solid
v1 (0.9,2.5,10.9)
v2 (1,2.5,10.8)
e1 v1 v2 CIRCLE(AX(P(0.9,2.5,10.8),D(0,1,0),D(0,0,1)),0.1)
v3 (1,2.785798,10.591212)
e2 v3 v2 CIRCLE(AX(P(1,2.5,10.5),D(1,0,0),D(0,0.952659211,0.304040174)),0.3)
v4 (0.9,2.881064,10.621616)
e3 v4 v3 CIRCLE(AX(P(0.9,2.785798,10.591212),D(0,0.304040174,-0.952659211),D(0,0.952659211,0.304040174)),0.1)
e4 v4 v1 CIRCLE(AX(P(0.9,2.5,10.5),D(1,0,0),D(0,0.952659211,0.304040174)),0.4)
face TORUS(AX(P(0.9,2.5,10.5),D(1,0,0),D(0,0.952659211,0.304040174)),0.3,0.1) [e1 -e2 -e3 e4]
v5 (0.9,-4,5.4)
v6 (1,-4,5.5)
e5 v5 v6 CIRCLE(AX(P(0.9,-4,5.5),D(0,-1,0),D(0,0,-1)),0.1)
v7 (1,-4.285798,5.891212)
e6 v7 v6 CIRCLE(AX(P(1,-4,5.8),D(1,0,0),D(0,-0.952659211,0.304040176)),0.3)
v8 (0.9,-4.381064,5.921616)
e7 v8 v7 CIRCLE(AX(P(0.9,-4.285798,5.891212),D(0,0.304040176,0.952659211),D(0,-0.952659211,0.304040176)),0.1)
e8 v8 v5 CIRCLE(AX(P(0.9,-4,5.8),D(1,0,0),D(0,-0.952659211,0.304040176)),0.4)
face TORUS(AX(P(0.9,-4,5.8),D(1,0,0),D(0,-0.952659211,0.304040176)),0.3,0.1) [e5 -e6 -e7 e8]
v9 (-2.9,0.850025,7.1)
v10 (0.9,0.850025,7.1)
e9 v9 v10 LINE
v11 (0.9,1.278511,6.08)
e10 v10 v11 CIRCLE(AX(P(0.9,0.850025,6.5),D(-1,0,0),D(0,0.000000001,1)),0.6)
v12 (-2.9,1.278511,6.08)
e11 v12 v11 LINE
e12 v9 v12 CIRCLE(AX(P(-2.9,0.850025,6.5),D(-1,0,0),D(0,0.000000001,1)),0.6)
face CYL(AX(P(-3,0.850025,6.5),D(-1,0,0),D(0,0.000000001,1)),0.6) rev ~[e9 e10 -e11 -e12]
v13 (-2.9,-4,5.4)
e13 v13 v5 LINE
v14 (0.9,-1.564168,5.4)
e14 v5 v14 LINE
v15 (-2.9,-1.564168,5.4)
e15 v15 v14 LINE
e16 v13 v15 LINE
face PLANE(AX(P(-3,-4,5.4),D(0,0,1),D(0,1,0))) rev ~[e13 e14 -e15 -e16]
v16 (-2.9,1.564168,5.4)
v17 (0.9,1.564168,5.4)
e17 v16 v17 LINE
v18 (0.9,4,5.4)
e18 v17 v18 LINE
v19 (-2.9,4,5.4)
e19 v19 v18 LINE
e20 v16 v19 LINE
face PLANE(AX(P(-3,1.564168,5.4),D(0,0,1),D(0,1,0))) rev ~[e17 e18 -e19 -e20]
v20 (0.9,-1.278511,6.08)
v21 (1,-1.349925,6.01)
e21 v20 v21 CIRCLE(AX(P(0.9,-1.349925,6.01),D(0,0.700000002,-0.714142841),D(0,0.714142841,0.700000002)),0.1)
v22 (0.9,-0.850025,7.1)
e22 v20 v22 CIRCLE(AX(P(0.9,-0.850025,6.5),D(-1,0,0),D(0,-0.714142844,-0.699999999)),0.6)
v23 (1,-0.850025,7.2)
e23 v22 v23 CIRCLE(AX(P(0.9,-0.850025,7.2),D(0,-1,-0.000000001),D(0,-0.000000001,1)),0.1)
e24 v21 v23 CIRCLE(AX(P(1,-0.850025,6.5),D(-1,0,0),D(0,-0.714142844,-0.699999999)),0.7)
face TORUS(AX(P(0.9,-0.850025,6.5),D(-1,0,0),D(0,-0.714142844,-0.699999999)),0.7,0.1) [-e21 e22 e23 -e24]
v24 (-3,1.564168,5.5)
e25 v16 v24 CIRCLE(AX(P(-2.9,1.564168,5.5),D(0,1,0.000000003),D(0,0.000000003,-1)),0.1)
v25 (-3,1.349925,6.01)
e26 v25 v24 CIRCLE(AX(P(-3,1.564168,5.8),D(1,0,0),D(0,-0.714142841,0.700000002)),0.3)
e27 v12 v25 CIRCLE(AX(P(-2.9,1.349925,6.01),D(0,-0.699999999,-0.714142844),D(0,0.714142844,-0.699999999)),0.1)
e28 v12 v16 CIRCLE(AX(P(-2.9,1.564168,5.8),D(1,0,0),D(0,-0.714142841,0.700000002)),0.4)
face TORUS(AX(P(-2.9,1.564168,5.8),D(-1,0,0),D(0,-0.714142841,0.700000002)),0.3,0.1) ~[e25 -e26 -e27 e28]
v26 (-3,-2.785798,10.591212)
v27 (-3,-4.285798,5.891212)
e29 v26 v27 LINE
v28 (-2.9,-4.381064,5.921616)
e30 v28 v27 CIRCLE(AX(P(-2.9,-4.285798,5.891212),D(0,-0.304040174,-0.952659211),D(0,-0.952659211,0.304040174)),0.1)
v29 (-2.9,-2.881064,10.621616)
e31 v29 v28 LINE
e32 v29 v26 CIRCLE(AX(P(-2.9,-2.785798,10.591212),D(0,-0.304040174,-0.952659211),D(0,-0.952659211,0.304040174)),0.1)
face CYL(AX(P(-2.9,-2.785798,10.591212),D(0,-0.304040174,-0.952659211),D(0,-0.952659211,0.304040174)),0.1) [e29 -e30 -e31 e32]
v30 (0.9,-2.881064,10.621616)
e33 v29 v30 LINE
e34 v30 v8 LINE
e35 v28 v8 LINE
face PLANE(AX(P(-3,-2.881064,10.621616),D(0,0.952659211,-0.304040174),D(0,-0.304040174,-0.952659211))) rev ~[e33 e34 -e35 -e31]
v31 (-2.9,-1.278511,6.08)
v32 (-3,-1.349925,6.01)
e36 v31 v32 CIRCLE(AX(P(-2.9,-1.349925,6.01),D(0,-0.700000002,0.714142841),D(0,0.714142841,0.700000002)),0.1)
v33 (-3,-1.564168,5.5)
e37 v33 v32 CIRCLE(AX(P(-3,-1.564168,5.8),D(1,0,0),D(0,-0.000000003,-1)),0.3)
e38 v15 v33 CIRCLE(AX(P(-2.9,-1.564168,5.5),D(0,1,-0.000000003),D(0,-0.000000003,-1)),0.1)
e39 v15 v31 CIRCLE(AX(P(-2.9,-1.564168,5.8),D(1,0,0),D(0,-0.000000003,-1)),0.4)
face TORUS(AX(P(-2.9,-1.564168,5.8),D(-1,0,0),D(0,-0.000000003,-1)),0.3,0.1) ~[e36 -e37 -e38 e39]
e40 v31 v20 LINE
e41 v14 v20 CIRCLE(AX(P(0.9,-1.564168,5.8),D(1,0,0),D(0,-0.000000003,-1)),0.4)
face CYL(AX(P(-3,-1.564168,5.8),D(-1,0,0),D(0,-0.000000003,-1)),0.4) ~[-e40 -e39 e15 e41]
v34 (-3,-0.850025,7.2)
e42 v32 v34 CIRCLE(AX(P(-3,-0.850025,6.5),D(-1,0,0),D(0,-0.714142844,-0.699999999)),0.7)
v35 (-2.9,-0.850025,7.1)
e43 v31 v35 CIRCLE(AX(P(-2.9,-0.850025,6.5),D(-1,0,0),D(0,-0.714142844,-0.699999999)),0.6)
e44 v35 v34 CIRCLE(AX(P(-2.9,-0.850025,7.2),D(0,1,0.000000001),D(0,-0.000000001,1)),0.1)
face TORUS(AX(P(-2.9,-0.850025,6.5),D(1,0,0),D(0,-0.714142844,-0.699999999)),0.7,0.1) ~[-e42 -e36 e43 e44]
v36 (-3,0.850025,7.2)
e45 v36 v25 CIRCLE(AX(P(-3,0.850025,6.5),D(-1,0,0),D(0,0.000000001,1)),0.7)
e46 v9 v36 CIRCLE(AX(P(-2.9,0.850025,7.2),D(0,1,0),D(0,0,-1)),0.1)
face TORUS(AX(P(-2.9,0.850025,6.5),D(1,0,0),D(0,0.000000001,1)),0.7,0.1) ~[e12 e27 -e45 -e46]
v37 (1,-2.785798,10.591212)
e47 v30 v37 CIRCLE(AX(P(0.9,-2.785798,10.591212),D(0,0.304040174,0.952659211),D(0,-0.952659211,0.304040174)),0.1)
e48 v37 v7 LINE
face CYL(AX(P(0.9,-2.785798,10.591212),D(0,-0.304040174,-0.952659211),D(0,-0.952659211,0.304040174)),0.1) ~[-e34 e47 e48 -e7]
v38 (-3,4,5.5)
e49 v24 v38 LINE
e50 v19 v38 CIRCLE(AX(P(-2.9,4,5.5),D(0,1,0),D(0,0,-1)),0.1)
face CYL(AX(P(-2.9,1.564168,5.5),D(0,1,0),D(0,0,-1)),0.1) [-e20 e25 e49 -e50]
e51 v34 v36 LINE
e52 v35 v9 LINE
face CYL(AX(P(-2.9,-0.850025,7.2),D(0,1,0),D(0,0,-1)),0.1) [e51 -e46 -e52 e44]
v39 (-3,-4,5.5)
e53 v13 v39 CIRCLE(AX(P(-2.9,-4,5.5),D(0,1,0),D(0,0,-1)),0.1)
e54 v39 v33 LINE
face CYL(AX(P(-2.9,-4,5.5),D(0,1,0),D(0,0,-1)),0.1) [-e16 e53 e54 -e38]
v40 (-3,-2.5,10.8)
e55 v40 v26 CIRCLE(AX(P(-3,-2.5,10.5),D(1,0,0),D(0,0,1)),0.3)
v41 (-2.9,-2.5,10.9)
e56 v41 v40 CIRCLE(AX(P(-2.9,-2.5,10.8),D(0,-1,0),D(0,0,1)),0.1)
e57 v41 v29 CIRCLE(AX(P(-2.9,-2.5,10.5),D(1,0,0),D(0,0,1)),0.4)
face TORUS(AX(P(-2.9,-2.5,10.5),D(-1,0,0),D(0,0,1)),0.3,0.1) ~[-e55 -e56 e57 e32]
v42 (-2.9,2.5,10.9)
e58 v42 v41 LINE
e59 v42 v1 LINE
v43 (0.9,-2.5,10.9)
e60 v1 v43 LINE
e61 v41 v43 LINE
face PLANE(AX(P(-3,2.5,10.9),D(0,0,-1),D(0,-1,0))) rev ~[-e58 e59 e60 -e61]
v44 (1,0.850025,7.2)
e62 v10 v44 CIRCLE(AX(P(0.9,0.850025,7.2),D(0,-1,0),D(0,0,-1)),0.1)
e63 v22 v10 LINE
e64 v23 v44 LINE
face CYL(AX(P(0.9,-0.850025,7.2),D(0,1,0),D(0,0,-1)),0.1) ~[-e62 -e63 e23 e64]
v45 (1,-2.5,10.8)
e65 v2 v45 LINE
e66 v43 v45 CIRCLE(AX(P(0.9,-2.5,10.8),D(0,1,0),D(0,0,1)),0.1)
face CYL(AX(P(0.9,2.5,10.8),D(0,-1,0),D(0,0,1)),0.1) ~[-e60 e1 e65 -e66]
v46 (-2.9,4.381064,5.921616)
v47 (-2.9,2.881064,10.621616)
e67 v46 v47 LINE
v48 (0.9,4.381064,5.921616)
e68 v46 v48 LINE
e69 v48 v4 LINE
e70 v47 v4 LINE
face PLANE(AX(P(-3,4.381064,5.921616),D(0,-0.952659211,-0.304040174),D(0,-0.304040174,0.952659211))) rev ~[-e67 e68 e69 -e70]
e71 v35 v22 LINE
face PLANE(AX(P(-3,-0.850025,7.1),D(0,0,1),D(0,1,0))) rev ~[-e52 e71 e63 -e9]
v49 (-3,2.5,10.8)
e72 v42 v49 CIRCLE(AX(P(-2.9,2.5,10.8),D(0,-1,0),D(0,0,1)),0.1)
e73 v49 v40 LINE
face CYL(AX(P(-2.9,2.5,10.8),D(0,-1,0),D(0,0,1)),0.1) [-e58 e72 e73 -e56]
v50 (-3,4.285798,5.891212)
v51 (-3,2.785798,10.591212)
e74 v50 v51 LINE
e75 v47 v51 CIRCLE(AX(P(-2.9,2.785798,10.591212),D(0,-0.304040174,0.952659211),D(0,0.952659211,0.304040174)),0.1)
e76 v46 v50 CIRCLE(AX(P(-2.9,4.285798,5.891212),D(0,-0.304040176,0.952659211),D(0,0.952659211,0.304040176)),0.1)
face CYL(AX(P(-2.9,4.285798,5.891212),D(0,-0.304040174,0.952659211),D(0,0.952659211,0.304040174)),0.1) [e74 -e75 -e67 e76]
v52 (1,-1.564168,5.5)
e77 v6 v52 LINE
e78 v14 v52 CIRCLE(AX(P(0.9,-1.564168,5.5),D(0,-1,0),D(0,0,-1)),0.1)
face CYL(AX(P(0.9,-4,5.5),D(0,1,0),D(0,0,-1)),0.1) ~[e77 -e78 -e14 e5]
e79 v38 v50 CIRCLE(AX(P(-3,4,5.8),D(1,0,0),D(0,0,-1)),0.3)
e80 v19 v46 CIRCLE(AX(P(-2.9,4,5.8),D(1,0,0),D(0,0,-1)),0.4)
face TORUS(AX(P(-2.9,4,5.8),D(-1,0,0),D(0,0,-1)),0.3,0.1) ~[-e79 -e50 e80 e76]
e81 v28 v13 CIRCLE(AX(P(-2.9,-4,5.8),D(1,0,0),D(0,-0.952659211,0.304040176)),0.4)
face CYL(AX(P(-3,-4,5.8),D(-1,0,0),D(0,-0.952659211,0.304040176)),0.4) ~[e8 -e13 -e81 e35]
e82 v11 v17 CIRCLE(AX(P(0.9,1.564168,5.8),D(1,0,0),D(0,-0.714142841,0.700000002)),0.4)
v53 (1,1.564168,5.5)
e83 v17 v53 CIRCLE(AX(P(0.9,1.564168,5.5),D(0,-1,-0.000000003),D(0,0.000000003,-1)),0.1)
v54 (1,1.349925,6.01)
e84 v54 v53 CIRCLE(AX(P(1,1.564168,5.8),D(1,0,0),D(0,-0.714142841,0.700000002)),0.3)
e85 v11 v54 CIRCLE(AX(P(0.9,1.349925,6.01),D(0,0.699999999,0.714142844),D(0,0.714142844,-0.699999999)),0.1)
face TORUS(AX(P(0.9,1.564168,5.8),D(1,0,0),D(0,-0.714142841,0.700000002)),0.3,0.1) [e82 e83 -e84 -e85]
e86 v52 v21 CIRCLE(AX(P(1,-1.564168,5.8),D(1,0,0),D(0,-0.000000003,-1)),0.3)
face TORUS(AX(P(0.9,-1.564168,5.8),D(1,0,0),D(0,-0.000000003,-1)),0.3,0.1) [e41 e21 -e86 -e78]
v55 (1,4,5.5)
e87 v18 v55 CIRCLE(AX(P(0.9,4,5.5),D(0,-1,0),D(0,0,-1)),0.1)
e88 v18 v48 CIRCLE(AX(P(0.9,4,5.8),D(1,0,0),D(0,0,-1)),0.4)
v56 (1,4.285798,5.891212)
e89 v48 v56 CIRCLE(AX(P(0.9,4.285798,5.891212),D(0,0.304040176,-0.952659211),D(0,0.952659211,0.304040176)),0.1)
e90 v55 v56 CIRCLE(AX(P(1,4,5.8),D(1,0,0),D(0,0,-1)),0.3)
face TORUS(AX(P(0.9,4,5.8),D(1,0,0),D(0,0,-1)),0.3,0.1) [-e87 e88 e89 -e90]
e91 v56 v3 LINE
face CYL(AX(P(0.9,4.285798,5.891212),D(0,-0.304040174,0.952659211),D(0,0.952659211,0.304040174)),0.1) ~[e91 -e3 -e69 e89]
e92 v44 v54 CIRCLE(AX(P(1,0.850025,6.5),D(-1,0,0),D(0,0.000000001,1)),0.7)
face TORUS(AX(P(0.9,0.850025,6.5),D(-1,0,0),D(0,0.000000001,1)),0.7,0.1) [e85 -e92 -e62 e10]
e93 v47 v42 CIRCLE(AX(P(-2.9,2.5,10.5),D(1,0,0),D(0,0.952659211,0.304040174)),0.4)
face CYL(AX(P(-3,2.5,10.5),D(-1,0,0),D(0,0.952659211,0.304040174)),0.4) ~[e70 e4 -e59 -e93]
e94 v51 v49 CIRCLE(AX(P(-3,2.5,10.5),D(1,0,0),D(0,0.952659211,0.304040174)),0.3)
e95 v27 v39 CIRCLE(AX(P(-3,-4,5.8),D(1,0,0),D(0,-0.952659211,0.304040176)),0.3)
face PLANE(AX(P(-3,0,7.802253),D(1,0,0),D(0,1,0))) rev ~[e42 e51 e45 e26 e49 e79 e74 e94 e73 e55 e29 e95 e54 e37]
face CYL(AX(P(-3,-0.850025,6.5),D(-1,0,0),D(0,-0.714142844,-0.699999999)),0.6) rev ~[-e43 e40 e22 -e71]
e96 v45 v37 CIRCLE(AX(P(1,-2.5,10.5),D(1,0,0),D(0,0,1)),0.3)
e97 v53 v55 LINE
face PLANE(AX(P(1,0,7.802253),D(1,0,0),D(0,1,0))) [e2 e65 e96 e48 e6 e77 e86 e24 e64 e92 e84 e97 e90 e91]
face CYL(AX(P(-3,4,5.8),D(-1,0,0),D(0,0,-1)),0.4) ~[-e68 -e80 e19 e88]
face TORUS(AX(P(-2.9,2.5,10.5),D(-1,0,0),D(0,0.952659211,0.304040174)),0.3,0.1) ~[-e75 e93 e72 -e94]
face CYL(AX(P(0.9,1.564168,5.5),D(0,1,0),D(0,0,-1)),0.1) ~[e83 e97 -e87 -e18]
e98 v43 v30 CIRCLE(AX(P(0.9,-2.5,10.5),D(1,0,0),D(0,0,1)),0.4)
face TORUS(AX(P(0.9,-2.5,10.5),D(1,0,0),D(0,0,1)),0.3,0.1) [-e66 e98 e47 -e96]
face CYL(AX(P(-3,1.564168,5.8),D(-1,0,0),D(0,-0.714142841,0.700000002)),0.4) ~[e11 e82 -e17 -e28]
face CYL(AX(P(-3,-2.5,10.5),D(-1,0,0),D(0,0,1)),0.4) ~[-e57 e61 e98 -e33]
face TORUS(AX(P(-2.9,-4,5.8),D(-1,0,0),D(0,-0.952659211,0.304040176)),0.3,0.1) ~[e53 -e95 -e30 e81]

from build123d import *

# Parameters (mm, degrees)
BOSS_EXTRUDE1_DEPTH      = 1
BOSS_EXTRUDE1_DEPTH_BACK = 3
FILLET1_R                = 0.1


with BuildPart() as part:
    # Sketch3 → Boss-Extrude1 (new, two sides: drawn at the far end of the back side and taken through both)
    with BuildSketch(Plane.YZ.offset(-BOSS_EXTRUDE1_DEPTH_BACK)):
        with BuildLine():
            Line((-4, 5.4), (-1.56416825, 5.4))
            ThreePointArc((-1.56416825, 5.4), (-1.195386471, 5.645080666), (-1.278511113, 6.08))
            ThreePointArc((-1.278511113, 6.08), (-1.403198074, 6.732379001), (-0.850025407, 7.1))
            Line((-0.850025407, 7.1), (0.850025407, 7.1))
            ThreePointArc((0.850025407, 7.1), (1.403198074, 6.732379001), (1.278511113, 6.08))
            ThreePointArc((1.278511113, 6.08), (1.195386471, 5.645080666), (1.56416825, 5.4))
            Line((1.56416825, 5.4), (4, 5.4))
            ThreePointArc((4, 5.4), (4.322991043, 5.564040711), (4.381063684, 5.92161607))
            Line((4.381063684, 5.92161607), (2.881063684, 10.62161607))
            ThreePointArc((2.881063684, 10.62161607), (2.735959289, 10.822991043), (2.5, 10.9))
            Line((2.5, 10.9), (-2.5, 10.9))
            ThreePointArc((-2.5, 10.9), (-2.735959289, 10.822991043), (-2.881063684, 10.62161607))
            Line((-2.881063684, 10.62161607), (-4.381063684, 5.92161607))
            ThreePointArc((-4.381063684, 5.92161607), (-4.322991043, 5.564040711), (-4, 5.4))
        make_face()
    extrude(amount=BOSS_EXTRUDE1_DEPTH + BOSS_EXTRUDE1_DEPTH_BACK)

    # Fillet1
    fillet1_edges = [part.edges().sort_by_distance(p)[0] for p in [
        (-3, -1.195386471, 5.645080666),
        (-3, -1.403198074, 6.732379001),
        (-3, 0, 7.1),
        (-3, 1.403198074, 6.732379001),
        (-3, 1.195386471, 5.645080666),
        (-3, 2.782084125, 5.4),
        (-3, 4.322991043, 5.564040711),
        (1, -4.322991043, 5.564040711),
        (1, -2.782084125, 5.4),
        (1, -1.195386471, 5.645080666),
        (1, -1.403198074, 6.732379001),
        (-3, 3.631063684, 8.27161607),
        (1, 0, 7.1),
        (1, 1.403198074, 6.732379001),
        (1, 1.195386471, 5.645080666),
        (1, 2.782084125, 5.4),
        (1, 4.322991043, 5.564040711),
        (1, 3.631063684, 8.27161607),
        (1, 2.735959289, 10.822991043),
        (1, 0, 10.9),
        (1, -2.735959289, 10.822991043),
        (1, -3.631063684, 8.27161607),
        (-3, 2.735959289, 10.822991043),
        (-3, 0, 10.9),
        (-3, -4.322991043, 5.564040711),
        (-3, -2.735959289, 10.822991043),
        (-3, -3.631063684, 8.27161607),
        (-3, -2.782084125, 5.4),
    ]]
    fillet(fillet1_edges, radius=FILLET1_R)


solid = part.part
